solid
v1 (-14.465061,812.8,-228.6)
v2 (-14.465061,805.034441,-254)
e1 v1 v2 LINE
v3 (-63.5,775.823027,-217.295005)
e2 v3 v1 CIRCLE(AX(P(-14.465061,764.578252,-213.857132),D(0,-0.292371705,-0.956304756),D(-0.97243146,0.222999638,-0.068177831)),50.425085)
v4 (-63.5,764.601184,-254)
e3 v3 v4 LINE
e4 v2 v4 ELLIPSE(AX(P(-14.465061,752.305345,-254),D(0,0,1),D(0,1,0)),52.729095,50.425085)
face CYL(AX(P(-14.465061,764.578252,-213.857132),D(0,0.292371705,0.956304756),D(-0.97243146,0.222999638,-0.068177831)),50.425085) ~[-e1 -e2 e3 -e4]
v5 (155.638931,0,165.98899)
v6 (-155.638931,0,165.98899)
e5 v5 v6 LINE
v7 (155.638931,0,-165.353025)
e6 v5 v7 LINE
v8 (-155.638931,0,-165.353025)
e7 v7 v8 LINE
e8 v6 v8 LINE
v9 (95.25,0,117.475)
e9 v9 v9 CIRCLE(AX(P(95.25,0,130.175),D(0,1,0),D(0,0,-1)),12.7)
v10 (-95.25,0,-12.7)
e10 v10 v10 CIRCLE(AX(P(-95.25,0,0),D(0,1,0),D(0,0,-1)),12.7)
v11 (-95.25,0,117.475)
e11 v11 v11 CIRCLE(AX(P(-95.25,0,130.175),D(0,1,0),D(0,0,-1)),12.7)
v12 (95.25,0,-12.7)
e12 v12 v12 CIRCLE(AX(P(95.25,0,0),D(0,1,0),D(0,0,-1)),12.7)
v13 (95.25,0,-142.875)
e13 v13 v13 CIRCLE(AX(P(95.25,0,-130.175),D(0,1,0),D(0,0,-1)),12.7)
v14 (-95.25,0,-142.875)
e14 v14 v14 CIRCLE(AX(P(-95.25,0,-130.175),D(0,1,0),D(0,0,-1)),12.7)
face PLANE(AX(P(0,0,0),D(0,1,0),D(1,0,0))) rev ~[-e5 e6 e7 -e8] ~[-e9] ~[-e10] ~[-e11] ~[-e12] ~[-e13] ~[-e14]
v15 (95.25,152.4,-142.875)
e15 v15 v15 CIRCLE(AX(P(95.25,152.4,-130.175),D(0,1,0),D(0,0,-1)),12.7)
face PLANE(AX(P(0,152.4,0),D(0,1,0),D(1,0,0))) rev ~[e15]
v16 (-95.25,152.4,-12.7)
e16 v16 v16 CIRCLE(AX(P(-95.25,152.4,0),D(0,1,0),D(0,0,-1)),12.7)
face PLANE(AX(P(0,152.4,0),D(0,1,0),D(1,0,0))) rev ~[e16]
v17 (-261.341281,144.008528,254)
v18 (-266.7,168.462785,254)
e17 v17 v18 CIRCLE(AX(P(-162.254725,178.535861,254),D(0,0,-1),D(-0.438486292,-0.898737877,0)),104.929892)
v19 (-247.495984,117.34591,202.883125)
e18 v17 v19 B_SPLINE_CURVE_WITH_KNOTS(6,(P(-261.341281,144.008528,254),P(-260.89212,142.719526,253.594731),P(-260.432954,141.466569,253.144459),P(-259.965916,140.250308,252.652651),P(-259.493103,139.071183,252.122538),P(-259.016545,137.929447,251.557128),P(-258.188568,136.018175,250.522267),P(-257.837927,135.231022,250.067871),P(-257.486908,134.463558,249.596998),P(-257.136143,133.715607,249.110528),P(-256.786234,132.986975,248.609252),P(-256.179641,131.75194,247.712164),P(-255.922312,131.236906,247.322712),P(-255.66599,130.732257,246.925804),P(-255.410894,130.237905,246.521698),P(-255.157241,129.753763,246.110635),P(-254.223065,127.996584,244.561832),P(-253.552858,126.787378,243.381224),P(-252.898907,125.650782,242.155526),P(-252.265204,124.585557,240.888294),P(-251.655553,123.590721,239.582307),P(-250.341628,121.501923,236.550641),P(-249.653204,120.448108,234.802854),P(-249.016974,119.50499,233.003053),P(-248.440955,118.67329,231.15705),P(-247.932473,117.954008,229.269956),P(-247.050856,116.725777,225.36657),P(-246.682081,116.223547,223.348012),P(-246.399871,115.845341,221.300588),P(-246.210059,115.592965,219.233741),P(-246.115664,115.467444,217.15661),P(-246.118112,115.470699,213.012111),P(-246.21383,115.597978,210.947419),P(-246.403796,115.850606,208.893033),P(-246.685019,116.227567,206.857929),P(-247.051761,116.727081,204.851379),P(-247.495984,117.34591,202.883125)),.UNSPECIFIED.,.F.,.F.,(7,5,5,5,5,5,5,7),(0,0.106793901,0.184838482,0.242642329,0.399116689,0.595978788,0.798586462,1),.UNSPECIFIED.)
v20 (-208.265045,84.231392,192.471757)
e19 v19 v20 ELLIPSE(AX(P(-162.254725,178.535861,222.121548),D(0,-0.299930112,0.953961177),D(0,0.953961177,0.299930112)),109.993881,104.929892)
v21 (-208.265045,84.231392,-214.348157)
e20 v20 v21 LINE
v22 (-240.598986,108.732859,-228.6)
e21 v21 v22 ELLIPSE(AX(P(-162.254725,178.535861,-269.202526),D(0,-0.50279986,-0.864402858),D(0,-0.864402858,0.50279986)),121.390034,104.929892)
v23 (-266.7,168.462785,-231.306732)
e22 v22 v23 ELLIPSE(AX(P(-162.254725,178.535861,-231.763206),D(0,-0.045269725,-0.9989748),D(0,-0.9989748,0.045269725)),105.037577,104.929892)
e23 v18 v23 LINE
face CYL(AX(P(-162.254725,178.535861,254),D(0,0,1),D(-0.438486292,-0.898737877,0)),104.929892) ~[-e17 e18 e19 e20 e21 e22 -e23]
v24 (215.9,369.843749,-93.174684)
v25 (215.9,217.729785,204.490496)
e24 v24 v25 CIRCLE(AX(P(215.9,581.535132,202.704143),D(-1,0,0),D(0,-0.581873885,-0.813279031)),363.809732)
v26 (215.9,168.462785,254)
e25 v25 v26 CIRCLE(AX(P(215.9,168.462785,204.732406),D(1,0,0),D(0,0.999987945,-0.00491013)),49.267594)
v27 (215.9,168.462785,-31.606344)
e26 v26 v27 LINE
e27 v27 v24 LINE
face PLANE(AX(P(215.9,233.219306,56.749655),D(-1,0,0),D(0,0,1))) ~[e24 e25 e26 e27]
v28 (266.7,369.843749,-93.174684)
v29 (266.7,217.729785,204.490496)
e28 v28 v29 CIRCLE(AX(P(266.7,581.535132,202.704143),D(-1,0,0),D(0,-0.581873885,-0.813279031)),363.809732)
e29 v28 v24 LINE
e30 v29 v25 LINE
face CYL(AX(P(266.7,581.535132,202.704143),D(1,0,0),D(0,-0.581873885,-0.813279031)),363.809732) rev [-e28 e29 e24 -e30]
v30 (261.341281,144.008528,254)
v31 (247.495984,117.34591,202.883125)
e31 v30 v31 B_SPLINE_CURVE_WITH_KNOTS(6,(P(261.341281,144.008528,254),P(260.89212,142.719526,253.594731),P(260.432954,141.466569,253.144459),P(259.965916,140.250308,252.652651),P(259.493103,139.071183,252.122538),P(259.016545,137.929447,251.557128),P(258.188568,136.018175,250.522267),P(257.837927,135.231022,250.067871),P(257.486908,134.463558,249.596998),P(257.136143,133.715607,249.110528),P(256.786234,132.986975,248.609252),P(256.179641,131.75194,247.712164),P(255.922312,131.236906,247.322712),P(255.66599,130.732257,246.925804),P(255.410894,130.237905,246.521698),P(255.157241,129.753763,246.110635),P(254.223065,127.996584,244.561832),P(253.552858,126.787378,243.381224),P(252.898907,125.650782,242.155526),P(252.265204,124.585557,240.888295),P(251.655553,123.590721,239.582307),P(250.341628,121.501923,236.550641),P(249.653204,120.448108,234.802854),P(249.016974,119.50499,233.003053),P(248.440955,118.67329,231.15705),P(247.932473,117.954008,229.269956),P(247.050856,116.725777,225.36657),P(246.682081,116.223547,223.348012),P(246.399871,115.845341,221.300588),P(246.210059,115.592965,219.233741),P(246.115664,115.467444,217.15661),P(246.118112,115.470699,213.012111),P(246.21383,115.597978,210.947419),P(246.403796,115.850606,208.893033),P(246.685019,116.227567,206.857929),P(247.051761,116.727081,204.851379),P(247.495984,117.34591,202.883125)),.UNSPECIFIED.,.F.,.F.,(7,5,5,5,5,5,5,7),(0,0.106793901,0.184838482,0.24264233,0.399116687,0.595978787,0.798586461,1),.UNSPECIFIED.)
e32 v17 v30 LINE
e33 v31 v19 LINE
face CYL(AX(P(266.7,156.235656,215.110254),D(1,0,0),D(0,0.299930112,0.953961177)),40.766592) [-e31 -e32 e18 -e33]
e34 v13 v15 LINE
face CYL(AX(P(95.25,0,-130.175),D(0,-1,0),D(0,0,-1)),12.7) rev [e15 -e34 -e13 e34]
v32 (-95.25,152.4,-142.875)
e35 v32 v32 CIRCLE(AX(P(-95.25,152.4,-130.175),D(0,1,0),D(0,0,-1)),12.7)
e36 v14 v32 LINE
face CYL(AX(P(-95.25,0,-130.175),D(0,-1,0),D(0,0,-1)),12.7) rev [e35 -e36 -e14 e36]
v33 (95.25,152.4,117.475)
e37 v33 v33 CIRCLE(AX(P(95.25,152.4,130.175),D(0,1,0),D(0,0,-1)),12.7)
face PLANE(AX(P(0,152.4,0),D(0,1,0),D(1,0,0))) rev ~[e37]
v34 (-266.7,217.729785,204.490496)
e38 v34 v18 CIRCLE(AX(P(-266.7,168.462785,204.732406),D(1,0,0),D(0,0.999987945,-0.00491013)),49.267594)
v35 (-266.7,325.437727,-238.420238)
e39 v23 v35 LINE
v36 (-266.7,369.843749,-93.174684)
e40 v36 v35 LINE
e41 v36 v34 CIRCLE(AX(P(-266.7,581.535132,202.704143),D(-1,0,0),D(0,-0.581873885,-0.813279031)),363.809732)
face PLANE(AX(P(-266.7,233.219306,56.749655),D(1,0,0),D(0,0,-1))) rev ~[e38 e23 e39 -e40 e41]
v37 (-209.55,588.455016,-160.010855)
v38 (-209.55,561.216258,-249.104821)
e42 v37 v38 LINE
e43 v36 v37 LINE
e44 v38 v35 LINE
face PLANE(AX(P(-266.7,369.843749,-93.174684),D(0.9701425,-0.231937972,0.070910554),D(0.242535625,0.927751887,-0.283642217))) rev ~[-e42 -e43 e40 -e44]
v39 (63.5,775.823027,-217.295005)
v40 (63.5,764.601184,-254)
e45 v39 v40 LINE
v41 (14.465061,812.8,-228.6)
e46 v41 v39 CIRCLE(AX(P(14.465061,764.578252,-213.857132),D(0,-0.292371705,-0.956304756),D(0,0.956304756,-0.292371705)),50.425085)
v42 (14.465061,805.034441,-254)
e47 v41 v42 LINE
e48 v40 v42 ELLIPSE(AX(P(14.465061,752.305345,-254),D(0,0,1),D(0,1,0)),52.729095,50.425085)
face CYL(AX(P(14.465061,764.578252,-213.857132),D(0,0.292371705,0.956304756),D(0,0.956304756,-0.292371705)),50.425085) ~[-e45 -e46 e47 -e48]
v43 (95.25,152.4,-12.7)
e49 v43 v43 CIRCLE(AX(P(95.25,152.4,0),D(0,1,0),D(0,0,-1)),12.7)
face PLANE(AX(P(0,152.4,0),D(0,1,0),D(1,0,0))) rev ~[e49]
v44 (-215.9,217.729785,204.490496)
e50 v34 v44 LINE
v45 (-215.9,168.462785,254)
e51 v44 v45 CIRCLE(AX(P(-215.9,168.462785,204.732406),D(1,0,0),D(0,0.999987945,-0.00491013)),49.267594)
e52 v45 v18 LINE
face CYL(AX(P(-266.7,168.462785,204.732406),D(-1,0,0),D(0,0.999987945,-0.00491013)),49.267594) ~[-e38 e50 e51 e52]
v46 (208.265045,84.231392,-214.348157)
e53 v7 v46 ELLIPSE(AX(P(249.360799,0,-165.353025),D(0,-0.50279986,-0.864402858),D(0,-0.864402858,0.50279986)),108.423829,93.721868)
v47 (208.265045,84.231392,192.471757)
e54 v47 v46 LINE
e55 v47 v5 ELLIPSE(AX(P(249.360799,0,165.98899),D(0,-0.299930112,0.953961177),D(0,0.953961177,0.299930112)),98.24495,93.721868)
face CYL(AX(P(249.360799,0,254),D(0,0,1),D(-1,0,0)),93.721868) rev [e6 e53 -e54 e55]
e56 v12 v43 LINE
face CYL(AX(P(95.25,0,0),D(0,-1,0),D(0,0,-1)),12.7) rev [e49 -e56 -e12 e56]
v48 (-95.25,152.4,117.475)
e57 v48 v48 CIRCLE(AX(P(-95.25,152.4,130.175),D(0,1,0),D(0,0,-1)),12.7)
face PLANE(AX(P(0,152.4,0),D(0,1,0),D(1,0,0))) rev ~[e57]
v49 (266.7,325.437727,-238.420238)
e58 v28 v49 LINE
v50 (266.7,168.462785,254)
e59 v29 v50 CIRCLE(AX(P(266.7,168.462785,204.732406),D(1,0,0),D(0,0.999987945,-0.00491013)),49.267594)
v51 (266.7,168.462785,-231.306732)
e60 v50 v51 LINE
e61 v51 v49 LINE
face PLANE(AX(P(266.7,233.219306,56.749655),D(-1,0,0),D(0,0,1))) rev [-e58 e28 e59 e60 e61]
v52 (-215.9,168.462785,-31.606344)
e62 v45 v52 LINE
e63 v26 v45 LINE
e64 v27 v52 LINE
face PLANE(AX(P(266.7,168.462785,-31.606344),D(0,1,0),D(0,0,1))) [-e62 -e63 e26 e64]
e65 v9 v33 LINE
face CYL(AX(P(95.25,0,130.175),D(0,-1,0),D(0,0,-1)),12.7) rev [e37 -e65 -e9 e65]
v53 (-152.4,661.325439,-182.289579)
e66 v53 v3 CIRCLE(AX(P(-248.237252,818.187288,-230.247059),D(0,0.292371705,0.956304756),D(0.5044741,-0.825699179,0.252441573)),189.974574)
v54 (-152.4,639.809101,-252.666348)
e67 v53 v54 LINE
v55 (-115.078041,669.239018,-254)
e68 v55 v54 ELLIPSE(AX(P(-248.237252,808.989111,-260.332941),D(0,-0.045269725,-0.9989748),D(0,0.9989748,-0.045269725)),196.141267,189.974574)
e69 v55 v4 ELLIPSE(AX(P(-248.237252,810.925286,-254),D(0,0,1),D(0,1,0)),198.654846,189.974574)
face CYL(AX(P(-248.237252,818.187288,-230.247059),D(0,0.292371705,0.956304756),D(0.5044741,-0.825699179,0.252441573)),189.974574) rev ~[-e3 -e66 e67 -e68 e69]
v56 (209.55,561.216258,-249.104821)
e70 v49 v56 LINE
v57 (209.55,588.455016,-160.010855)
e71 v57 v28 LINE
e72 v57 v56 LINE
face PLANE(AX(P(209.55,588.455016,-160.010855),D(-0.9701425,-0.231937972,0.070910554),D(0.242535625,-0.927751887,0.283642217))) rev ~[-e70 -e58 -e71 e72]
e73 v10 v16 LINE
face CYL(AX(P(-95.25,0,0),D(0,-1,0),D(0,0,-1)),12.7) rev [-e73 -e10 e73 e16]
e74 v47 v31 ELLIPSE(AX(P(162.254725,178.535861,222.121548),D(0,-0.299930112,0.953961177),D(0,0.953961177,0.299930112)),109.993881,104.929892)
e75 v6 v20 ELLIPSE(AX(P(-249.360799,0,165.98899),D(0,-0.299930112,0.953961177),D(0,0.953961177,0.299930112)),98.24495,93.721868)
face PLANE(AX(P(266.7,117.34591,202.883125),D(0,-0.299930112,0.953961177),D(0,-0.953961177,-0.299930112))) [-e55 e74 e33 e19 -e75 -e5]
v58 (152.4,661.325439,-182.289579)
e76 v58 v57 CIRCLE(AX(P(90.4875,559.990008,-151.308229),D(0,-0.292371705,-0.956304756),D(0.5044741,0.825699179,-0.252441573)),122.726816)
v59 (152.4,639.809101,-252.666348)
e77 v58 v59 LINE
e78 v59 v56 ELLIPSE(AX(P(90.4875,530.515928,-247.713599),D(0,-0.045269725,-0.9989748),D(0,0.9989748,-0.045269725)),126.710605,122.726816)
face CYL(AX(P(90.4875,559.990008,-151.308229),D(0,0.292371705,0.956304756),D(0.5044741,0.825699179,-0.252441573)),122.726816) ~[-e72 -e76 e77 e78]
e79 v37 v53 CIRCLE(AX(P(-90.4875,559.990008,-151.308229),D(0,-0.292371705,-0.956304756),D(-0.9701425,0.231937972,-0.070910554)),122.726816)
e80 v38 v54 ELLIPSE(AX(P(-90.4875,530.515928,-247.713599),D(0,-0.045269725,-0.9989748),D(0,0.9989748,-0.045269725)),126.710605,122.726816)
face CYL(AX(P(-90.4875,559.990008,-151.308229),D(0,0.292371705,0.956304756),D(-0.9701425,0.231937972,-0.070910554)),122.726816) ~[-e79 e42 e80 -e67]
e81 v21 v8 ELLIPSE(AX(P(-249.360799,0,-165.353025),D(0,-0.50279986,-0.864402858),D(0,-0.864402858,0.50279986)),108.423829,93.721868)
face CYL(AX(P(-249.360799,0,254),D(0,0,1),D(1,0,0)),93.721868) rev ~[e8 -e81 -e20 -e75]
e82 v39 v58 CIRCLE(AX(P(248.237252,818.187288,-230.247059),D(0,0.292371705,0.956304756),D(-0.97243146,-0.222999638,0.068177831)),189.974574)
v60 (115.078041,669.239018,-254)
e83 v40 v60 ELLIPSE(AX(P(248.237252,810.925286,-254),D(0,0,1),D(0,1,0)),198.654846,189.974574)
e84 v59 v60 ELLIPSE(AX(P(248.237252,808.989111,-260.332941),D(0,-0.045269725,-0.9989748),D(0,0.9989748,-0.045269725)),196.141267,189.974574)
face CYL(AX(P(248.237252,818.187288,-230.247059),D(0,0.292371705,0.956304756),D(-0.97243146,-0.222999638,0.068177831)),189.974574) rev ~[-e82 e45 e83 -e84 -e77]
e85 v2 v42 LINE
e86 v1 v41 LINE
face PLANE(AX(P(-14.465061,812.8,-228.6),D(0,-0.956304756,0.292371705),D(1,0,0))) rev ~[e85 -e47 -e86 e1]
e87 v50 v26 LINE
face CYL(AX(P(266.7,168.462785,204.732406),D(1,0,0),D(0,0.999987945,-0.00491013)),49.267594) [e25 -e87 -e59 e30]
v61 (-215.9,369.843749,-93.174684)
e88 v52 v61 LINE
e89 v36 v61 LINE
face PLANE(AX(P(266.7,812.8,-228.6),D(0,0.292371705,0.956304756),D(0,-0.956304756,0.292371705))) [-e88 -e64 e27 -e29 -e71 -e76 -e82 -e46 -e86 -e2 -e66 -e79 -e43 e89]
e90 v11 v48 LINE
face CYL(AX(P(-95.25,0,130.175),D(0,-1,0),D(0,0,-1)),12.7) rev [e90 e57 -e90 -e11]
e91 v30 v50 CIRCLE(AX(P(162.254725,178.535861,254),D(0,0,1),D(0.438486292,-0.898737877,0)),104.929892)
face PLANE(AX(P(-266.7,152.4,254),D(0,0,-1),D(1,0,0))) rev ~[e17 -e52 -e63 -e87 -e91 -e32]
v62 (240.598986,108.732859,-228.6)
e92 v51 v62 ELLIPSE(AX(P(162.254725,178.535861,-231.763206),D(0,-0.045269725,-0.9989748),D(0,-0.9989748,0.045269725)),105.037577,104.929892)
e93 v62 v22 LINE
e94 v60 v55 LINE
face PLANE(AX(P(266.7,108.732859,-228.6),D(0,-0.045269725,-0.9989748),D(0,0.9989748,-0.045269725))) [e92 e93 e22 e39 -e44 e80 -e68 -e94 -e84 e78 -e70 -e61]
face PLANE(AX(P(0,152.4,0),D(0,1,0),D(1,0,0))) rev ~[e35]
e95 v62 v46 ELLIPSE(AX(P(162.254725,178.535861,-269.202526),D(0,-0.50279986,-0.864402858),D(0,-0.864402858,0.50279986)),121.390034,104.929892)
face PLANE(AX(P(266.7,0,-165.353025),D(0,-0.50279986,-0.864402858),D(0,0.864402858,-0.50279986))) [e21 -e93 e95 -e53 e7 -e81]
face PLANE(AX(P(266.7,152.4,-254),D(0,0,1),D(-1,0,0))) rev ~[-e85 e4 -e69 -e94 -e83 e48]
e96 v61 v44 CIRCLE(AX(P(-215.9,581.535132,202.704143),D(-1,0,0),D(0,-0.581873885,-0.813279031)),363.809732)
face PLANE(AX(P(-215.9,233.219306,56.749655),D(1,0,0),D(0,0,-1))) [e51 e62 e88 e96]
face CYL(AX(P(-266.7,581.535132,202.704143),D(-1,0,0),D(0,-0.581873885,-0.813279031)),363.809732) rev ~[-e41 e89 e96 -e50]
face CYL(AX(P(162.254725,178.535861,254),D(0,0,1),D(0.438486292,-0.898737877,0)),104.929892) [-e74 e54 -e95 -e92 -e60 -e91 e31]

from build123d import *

# Parameters (mm, degrees)
SKETCH1_W           = 533.4
SKETCH1_H           = 508
SKETCH1_R           = 12.7
BOSS_EXTRUDE1_DEPTH = 152.4
BOSS_EXTRUDE2_DEPTH = 660.4
SKETCH4_OUTSIDE_W   = 729.384
SKETCH4_OUTSIDE_H   = 1034.184
CUT_EXTRUDE1_DEPTH  = 660.4
BOSS_EXTRUDE3_DEPTH = 50.8
SKETCH7_OUTSIDE_W   = 754.784
SKETCH7_OUTSIDE_H   = 1147.193
CUT_EXTRUDE2_DEPTH  = 254
CUT_EXTRUDE3_DEPTH  = 508


with BuildPart() as part:
    # Sketch1 → Boss-Extrude1 (new body)
    with BuildSketch(Plane(origin=(0, 0, 0), x_dir=(1, 0, 0), z_dir=(0, 1, 0))):
        Rectangle(SKETCH1_W, SKETCH1_H)
        with Locations((-95.25, -130.175)):
            Circle(SKETCH1_R, mode=Mode.SUBTRACT)
        with Locations((-95.25, 0)):
            Circle(SKETCH1_R, mode=Mode.SUBTRACT)
        with Locations((-95.25, 130.175)):
            Circle(SKETCH1_R, mode=Mode.SUBTRACT)
        with Locations((95.25, -130.175)):
            Circle(SKETCH1_R, mode=Mode.SUBTRACT)
        with Locations((95.25, 0)):
            Circle(SKETCH1_R, mode=Mode.SUBTRACT)
        with Locations((95.25, 130.175)):
            Circle(SKETCH1_R, mode=Mode.SUBTRACT)
    extrude(amount=BOSS_EXTRUDE1_DEPTH)

    # Sketch3 → Boss-Extrude2 (add)
    with BuildSketch(Plane(origin=(0, 152.4, 0), x_dir=(1, 0, 0), z_dir=(0, 1, 0))):
        Polygon((-266.7, 254), (-266.7, -254), (-165.1, -254), (165.1, -254), (266.7, -254), (266.7, 254), align=None)
    extrude(amount=BOSS_EXTRUDE2_DEPTH)

    # Sketch4 outside → Cut-Extrude1 (cut)
    with BuildSketch(Plane(origin=(266.7, 0, 0), x_dir=(0, 0, -1), z_dir=(1, 0, 0))):
        with Locations((0, 406.4)):
            Rectangle(SKETCH4_OUTSIDE_W, SKETCH4_OUTSIDE_H)
        with BuildLine():
            Line((228.6, 108.732858548), (254, 669.23901778))
            Line((254, 669.23901778), (254, 812.8))
            Line((254, 812.8), (228.6, 812.8))
            Line((228.6, 812.8), (31.606344145, 168.462784922))
            Line((31.606344145, 168.462784922), (-254, 168.462784922))
            ThreePointArc((-254, 168.462784922), (-243.936587472, 127.409322416), (-202.883124967, 117.345909888))
            Line((-202.883124967, 117.345909888), (-165.988990497, 0))
            Line((-165.988990497, 0), (165.353024922, 0))
            Line((165.353024922, 0), (228.6, 108.732858548))
        make_face(mode=Mode.SUBTRACT)
    extrude(amount=-CUT_EXTRUDE1_DEPTH, mode=Mode.SUBTRACT)

    # Sketch6 → Boss-Extrude3 (add)
    with BuildSketch(Plane.ZY.offset(266.7)):
        with BuildLine():
            Line((254, 168.462784922), (-31.606344145, 168.462784922))
            Line((-31.606344145, 168.462784922), (-93.174683572, 369.843749152))
            ThreePointArc((-93.174683572, 369.843749152), (37.15276036, 257.574854495), (204.490495991, 217.72978475))
            ThreePointArc((204.490495991, 217.72978475), (239.484222443, 203.385658011), (254, 168.462784922))
        make_face()
    boss_extrude3 = extrude(amount=-BOSS_EXTRUDE3_DEPTH)

    # Mirror1: Boss-Extrude3 across plane
    add(boss_extrude3.mirror(Plane.ZY))

    # Sketch7 outside → Cut-Extrude2 (cut)
    with BuildSketch(Plane(origin=(0, 5.563381647, 18.197001427), x_dir=(1, 0, 0), z_dir=(0, 0.29237170472274066, 0.9563047559630343))):
        with Locations((0, 388.6425)):
            Rectangle(SKETCH7_OUTSIDE_W, SKETCH7_OUTSIDE_H)
        with BuildLine():
            Line((-266.7, 380.92497735), (-209.55, 609.52497735))
            ThreePointArc((-209.55, 609.52497735), (-188.66895271, 653.395441882), (-152.4, 685.72497735))
            ThreePointArc((-152.4, 685.72497735), (-95.710918301, 736.501940936), (-63.5, 805.454161765))
            ThreePointArc((-63.5, 805.454161765), (-45.688148209, 833.291148022), (-14.465061194, 844.120677346))
            Line((-14.465061194, 844.120677346), (14.465061194, 844.120677346))
            ThreePointArc((14.465061194, 844.120677346), (45.688148209, 833.291148022), (63.5, 805.454161765))
            ThreePointArc((63.5, 805.454161765), (95.710918301, 736.501940936), (152.4, 685.72497735))
            ThreePointArc((152.4, 685.72497735), (188.66895271, 653.395441882), (209.55, 609.52497735))
            Line((209.55, 609.52497735), (266.7, 380.92497735))
            Line((266.7, 380.92497735), (266.7, -48.530484117))
            Line((266.7, -48.530484117), (-266.7, -48.530484117))
            Line((-266.7, -48.530484117), (-266.7, 380.92497735))
        make_face(mode=Mode.SUBTRACT)
    extrude(amount=-CUT_EXTRUDE2_DEPTH, mode=Mode.SUBTRACT)

    # Sketch10 → Cut-Extrude3 (cut)
    with BuildSketch(Plane.XY.offset(254)):
        with BuildLine():
            Line((-266.7, 168.462784922), (-387.417771375, 168.462784922))
            Line((-387.417771375, 168.462784922), (-387.417771375, 0))
            Line((-387.417771375, 0), (-155.638931275, 0))
            ThreePointArc((-155.638931275, 0), (-169.876966254, 49.659931769), (-208.265044728, 84.231392461))
            ThreePointArc((-208.265044728, 84.231392461), (-248.469302502, 118.725084742), (-266.7, 168.462784922))
        make_face()
        with BuildLine():
            Line((387.417771375, 0), (155.638931275, 0))
            ThreePointArc((155.638931275, 0), (169.876966254, 49.659931769), (208.265044728, 84.231392461))
            ThreePointArc((208.265044728, 84.231392461), (248.469302502, 118.725084742), (266.7, 168.462784922))
            Line((266.7, 168.462784922), (387.417771375, 168.462784922))
            Line((387.417771375, 168.462784922), (387.417771375, 0))
        make_face()
    extrude(amount=-CUT_EXTRUDE3_DEPTH, mode=Mode.SUBTRACT)


solid = part.part
